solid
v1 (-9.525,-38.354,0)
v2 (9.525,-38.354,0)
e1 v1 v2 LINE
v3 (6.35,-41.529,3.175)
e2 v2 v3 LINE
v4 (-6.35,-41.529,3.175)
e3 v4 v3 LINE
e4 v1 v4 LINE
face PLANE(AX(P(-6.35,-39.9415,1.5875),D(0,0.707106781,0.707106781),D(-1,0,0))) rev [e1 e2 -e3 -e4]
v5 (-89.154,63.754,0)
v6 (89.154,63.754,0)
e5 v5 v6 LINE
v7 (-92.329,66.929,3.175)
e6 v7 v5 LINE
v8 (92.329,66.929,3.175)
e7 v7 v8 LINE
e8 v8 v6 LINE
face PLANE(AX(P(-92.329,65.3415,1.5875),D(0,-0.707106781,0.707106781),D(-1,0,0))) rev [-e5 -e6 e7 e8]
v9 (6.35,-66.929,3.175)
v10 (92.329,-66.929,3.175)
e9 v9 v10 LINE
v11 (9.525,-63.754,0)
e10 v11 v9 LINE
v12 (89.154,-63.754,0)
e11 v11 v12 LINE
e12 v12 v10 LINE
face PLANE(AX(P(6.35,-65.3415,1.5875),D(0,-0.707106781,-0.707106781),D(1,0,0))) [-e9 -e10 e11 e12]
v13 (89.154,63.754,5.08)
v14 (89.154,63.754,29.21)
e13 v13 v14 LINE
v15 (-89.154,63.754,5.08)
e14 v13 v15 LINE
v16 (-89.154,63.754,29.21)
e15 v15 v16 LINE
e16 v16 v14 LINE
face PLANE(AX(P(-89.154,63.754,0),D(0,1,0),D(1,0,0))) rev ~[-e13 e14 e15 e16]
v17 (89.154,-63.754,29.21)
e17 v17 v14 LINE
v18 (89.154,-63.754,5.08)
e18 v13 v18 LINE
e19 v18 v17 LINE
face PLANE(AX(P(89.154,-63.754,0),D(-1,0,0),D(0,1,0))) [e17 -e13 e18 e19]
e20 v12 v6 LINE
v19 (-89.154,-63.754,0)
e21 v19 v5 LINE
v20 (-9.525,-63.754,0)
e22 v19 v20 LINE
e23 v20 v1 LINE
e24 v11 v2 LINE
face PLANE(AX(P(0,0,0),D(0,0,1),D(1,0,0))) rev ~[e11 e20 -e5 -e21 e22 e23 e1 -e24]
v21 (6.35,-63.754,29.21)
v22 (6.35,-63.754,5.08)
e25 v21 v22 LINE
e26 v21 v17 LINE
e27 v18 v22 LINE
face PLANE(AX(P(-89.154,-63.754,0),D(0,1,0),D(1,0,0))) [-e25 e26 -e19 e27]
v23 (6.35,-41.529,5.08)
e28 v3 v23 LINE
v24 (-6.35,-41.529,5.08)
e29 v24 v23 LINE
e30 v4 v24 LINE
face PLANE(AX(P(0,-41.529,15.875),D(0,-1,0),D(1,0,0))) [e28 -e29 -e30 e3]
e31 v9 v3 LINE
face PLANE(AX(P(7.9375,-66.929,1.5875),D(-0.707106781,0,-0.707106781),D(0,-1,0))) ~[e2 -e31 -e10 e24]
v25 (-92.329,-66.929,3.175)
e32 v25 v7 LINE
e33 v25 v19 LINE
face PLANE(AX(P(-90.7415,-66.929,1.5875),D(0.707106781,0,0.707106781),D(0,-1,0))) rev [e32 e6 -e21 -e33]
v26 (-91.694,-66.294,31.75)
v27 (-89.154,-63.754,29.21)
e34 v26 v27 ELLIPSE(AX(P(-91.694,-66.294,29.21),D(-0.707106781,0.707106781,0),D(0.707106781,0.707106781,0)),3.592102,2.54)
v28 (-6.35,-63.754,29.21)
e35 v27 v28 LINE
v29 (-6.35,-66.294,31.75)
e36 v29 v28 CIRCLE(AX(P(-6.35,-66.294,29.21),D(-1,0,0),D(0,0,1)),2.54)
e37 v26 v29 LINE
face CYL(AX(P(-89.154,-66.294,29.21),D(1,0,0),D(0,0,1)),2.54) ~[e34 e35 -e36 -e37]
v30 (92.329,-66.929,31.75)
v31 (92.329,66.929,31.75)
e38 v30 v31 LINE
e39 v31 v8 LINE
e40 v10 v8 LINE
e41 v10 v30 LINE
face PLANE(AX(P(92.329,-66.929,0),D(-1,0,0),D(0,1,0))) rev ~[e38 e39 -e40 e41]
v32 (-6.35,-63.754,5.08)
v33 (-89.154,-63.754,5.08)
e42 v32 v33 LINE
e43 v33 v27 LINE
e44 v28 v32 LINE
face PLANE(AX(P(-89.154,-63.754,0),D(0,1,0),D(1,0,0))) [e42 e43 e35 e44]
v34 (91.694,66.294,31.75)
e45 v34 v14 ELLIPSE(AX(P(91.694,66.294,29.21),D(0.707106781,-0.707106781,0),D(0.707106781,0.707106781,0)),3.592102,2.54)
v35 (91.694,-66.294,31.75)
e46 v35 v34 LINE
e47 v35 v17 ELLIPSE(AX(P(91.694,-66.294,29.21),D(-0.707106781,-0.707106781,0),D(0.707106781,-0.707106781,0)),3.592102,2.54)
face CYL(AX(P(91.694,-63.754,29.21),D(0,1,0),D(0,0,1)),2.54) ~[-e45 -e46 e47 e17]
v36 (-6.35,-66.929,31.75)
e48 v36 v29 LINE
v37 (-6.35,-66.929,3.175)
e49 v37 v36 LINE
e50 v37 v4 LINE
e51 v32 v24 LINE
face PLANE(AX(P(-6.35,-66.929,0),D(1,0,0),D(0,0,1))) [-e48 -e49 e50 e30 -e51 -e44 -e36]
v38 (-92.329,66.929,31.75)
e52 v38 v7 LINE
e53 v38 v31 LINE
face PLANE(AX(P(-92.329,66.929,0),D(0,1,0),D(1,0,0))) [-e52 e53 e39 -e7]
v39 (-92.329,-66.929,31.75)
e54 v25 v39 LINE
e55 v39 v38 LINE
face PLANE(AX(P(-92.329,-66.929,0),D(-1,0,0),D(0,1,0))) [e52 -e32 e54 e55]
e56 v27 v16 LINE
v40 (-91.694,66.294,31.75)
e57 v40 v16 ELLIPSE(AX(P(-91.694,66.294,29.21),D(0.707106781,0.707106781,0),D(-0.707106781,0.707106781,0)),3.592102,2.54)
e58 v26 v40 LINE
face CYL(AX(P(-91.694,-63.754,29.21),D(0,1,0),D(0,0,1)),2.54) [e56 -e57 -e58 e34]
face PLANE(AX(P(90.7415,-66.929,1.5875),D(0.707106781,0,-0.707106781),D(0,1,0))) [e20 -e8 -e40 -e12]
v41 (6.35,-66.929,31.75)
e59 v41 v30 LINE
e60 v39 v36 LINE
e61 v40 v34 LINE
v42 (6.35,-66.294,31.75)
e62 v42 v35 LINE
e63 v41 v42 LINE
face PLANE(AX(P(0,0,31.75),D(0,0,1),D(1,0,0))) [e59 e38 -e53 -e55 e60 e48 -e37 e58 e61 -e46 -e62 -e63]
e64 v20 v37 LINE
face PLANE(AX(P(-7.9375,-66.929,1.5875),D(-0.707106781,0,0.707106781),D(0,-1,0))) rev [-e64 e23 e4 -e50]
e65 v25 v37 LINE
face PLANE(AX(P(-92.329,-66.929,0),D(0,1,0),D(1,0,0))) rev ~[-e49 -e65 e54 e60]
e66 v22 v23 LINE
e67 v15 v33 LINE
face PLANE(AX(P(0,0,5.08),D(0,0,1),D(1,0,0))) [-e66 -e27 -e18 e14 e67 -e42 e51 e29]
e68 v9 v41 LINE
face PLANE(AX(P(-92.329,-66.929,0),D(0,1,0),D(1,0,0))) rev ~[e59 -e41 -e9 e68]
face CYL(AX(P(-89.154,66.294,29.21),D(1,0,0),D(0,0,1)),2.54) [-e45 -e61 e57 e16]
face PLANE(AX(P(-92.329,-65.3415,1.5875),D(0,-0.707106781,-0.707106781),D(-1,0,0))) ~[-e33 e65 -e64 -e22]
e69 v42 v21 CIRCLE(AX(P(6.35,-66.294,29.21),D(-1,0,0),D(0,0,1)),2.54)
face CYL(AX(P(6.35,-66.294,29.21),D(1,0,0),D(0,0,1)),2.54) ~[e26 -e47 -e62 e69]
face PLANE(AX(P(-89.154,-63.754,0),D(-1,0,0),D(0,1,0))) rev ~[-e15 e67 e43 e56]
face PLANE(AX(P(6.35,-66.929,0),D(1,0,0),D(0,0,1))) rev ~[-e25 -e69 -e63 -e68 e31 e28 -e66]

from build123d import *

# Parameters (mm, degrees)
F0_W     = 184.658
F0_H     = 133.858
F1_DEPTH = 5.08
F2_W     = 184.658
F2_H     = 133.858
F2_W_2   = 178.308
F2_H_2   = 127.508
F3_DEPTH = 31.75
F4_W     = 12.7
F4_H     = 31.75
F5_DEPTH = 25.4
F6_SIZE2 = 3.175
F6_SIZE  = 3.175
F7_R     = 2.54


with BuildPart() as f1:
    # F0 (on Top) → F1 (new body)
    with BuildSketch(Plane.XY):
        Rectangle(F0_W, F0_H)
    extrude(amount=F1_DEPTH)

    # F2 (on Top) → F3 (join)
    with BuildSketch(Plane.XY):
        Rectangle(F2_W, F2_H)
        Rectangle(F2_W_2, F2_H_2, mode=Mode.SUBTRACT)
    extrude(amount=F3_DEPTH)

    # F4 (on face) → F5 (cut)
    with BuildSketch(Plane.XZ.offset(66.929)):
        with Locations((0, 15.875)):
            Rectangle(F4_W, F4_H)
    extrude(amount=-F5_DEPTH, mode=Mode.SUBTRACT)

    # F6
    f6_edges = [f1.edges().sort_by_distance(p)[0] for p in [
        (49.3395, -66.929, 0),
        (6.35, -54.229, 0),
        (0, -41.529, 0),
        (-6.35, -54.229, 0),
        (-49.3395, -66.929, 0),
        (-92.329, 0, 0),
        (0, 66.929, 0),
        (92.329, 0, 0),
    ]]
    chamfer(f6_edges, length=F6_SIZE, length2=F6_SIZE2)

    # F7
    f7_edges = [f1.edges().sort_by_distance(p)[0] for p in [
        (47.752, -63.754, 31.75),
        (-47.752, -63.754, 31.75),
        (89.154, 0, 31.75),
        (-89.154, 0, 31.75),
        (0, 63.754, 31.75),
    ]]
    fillet(f7_edges, radius=F7_R)


solid = f1.part
